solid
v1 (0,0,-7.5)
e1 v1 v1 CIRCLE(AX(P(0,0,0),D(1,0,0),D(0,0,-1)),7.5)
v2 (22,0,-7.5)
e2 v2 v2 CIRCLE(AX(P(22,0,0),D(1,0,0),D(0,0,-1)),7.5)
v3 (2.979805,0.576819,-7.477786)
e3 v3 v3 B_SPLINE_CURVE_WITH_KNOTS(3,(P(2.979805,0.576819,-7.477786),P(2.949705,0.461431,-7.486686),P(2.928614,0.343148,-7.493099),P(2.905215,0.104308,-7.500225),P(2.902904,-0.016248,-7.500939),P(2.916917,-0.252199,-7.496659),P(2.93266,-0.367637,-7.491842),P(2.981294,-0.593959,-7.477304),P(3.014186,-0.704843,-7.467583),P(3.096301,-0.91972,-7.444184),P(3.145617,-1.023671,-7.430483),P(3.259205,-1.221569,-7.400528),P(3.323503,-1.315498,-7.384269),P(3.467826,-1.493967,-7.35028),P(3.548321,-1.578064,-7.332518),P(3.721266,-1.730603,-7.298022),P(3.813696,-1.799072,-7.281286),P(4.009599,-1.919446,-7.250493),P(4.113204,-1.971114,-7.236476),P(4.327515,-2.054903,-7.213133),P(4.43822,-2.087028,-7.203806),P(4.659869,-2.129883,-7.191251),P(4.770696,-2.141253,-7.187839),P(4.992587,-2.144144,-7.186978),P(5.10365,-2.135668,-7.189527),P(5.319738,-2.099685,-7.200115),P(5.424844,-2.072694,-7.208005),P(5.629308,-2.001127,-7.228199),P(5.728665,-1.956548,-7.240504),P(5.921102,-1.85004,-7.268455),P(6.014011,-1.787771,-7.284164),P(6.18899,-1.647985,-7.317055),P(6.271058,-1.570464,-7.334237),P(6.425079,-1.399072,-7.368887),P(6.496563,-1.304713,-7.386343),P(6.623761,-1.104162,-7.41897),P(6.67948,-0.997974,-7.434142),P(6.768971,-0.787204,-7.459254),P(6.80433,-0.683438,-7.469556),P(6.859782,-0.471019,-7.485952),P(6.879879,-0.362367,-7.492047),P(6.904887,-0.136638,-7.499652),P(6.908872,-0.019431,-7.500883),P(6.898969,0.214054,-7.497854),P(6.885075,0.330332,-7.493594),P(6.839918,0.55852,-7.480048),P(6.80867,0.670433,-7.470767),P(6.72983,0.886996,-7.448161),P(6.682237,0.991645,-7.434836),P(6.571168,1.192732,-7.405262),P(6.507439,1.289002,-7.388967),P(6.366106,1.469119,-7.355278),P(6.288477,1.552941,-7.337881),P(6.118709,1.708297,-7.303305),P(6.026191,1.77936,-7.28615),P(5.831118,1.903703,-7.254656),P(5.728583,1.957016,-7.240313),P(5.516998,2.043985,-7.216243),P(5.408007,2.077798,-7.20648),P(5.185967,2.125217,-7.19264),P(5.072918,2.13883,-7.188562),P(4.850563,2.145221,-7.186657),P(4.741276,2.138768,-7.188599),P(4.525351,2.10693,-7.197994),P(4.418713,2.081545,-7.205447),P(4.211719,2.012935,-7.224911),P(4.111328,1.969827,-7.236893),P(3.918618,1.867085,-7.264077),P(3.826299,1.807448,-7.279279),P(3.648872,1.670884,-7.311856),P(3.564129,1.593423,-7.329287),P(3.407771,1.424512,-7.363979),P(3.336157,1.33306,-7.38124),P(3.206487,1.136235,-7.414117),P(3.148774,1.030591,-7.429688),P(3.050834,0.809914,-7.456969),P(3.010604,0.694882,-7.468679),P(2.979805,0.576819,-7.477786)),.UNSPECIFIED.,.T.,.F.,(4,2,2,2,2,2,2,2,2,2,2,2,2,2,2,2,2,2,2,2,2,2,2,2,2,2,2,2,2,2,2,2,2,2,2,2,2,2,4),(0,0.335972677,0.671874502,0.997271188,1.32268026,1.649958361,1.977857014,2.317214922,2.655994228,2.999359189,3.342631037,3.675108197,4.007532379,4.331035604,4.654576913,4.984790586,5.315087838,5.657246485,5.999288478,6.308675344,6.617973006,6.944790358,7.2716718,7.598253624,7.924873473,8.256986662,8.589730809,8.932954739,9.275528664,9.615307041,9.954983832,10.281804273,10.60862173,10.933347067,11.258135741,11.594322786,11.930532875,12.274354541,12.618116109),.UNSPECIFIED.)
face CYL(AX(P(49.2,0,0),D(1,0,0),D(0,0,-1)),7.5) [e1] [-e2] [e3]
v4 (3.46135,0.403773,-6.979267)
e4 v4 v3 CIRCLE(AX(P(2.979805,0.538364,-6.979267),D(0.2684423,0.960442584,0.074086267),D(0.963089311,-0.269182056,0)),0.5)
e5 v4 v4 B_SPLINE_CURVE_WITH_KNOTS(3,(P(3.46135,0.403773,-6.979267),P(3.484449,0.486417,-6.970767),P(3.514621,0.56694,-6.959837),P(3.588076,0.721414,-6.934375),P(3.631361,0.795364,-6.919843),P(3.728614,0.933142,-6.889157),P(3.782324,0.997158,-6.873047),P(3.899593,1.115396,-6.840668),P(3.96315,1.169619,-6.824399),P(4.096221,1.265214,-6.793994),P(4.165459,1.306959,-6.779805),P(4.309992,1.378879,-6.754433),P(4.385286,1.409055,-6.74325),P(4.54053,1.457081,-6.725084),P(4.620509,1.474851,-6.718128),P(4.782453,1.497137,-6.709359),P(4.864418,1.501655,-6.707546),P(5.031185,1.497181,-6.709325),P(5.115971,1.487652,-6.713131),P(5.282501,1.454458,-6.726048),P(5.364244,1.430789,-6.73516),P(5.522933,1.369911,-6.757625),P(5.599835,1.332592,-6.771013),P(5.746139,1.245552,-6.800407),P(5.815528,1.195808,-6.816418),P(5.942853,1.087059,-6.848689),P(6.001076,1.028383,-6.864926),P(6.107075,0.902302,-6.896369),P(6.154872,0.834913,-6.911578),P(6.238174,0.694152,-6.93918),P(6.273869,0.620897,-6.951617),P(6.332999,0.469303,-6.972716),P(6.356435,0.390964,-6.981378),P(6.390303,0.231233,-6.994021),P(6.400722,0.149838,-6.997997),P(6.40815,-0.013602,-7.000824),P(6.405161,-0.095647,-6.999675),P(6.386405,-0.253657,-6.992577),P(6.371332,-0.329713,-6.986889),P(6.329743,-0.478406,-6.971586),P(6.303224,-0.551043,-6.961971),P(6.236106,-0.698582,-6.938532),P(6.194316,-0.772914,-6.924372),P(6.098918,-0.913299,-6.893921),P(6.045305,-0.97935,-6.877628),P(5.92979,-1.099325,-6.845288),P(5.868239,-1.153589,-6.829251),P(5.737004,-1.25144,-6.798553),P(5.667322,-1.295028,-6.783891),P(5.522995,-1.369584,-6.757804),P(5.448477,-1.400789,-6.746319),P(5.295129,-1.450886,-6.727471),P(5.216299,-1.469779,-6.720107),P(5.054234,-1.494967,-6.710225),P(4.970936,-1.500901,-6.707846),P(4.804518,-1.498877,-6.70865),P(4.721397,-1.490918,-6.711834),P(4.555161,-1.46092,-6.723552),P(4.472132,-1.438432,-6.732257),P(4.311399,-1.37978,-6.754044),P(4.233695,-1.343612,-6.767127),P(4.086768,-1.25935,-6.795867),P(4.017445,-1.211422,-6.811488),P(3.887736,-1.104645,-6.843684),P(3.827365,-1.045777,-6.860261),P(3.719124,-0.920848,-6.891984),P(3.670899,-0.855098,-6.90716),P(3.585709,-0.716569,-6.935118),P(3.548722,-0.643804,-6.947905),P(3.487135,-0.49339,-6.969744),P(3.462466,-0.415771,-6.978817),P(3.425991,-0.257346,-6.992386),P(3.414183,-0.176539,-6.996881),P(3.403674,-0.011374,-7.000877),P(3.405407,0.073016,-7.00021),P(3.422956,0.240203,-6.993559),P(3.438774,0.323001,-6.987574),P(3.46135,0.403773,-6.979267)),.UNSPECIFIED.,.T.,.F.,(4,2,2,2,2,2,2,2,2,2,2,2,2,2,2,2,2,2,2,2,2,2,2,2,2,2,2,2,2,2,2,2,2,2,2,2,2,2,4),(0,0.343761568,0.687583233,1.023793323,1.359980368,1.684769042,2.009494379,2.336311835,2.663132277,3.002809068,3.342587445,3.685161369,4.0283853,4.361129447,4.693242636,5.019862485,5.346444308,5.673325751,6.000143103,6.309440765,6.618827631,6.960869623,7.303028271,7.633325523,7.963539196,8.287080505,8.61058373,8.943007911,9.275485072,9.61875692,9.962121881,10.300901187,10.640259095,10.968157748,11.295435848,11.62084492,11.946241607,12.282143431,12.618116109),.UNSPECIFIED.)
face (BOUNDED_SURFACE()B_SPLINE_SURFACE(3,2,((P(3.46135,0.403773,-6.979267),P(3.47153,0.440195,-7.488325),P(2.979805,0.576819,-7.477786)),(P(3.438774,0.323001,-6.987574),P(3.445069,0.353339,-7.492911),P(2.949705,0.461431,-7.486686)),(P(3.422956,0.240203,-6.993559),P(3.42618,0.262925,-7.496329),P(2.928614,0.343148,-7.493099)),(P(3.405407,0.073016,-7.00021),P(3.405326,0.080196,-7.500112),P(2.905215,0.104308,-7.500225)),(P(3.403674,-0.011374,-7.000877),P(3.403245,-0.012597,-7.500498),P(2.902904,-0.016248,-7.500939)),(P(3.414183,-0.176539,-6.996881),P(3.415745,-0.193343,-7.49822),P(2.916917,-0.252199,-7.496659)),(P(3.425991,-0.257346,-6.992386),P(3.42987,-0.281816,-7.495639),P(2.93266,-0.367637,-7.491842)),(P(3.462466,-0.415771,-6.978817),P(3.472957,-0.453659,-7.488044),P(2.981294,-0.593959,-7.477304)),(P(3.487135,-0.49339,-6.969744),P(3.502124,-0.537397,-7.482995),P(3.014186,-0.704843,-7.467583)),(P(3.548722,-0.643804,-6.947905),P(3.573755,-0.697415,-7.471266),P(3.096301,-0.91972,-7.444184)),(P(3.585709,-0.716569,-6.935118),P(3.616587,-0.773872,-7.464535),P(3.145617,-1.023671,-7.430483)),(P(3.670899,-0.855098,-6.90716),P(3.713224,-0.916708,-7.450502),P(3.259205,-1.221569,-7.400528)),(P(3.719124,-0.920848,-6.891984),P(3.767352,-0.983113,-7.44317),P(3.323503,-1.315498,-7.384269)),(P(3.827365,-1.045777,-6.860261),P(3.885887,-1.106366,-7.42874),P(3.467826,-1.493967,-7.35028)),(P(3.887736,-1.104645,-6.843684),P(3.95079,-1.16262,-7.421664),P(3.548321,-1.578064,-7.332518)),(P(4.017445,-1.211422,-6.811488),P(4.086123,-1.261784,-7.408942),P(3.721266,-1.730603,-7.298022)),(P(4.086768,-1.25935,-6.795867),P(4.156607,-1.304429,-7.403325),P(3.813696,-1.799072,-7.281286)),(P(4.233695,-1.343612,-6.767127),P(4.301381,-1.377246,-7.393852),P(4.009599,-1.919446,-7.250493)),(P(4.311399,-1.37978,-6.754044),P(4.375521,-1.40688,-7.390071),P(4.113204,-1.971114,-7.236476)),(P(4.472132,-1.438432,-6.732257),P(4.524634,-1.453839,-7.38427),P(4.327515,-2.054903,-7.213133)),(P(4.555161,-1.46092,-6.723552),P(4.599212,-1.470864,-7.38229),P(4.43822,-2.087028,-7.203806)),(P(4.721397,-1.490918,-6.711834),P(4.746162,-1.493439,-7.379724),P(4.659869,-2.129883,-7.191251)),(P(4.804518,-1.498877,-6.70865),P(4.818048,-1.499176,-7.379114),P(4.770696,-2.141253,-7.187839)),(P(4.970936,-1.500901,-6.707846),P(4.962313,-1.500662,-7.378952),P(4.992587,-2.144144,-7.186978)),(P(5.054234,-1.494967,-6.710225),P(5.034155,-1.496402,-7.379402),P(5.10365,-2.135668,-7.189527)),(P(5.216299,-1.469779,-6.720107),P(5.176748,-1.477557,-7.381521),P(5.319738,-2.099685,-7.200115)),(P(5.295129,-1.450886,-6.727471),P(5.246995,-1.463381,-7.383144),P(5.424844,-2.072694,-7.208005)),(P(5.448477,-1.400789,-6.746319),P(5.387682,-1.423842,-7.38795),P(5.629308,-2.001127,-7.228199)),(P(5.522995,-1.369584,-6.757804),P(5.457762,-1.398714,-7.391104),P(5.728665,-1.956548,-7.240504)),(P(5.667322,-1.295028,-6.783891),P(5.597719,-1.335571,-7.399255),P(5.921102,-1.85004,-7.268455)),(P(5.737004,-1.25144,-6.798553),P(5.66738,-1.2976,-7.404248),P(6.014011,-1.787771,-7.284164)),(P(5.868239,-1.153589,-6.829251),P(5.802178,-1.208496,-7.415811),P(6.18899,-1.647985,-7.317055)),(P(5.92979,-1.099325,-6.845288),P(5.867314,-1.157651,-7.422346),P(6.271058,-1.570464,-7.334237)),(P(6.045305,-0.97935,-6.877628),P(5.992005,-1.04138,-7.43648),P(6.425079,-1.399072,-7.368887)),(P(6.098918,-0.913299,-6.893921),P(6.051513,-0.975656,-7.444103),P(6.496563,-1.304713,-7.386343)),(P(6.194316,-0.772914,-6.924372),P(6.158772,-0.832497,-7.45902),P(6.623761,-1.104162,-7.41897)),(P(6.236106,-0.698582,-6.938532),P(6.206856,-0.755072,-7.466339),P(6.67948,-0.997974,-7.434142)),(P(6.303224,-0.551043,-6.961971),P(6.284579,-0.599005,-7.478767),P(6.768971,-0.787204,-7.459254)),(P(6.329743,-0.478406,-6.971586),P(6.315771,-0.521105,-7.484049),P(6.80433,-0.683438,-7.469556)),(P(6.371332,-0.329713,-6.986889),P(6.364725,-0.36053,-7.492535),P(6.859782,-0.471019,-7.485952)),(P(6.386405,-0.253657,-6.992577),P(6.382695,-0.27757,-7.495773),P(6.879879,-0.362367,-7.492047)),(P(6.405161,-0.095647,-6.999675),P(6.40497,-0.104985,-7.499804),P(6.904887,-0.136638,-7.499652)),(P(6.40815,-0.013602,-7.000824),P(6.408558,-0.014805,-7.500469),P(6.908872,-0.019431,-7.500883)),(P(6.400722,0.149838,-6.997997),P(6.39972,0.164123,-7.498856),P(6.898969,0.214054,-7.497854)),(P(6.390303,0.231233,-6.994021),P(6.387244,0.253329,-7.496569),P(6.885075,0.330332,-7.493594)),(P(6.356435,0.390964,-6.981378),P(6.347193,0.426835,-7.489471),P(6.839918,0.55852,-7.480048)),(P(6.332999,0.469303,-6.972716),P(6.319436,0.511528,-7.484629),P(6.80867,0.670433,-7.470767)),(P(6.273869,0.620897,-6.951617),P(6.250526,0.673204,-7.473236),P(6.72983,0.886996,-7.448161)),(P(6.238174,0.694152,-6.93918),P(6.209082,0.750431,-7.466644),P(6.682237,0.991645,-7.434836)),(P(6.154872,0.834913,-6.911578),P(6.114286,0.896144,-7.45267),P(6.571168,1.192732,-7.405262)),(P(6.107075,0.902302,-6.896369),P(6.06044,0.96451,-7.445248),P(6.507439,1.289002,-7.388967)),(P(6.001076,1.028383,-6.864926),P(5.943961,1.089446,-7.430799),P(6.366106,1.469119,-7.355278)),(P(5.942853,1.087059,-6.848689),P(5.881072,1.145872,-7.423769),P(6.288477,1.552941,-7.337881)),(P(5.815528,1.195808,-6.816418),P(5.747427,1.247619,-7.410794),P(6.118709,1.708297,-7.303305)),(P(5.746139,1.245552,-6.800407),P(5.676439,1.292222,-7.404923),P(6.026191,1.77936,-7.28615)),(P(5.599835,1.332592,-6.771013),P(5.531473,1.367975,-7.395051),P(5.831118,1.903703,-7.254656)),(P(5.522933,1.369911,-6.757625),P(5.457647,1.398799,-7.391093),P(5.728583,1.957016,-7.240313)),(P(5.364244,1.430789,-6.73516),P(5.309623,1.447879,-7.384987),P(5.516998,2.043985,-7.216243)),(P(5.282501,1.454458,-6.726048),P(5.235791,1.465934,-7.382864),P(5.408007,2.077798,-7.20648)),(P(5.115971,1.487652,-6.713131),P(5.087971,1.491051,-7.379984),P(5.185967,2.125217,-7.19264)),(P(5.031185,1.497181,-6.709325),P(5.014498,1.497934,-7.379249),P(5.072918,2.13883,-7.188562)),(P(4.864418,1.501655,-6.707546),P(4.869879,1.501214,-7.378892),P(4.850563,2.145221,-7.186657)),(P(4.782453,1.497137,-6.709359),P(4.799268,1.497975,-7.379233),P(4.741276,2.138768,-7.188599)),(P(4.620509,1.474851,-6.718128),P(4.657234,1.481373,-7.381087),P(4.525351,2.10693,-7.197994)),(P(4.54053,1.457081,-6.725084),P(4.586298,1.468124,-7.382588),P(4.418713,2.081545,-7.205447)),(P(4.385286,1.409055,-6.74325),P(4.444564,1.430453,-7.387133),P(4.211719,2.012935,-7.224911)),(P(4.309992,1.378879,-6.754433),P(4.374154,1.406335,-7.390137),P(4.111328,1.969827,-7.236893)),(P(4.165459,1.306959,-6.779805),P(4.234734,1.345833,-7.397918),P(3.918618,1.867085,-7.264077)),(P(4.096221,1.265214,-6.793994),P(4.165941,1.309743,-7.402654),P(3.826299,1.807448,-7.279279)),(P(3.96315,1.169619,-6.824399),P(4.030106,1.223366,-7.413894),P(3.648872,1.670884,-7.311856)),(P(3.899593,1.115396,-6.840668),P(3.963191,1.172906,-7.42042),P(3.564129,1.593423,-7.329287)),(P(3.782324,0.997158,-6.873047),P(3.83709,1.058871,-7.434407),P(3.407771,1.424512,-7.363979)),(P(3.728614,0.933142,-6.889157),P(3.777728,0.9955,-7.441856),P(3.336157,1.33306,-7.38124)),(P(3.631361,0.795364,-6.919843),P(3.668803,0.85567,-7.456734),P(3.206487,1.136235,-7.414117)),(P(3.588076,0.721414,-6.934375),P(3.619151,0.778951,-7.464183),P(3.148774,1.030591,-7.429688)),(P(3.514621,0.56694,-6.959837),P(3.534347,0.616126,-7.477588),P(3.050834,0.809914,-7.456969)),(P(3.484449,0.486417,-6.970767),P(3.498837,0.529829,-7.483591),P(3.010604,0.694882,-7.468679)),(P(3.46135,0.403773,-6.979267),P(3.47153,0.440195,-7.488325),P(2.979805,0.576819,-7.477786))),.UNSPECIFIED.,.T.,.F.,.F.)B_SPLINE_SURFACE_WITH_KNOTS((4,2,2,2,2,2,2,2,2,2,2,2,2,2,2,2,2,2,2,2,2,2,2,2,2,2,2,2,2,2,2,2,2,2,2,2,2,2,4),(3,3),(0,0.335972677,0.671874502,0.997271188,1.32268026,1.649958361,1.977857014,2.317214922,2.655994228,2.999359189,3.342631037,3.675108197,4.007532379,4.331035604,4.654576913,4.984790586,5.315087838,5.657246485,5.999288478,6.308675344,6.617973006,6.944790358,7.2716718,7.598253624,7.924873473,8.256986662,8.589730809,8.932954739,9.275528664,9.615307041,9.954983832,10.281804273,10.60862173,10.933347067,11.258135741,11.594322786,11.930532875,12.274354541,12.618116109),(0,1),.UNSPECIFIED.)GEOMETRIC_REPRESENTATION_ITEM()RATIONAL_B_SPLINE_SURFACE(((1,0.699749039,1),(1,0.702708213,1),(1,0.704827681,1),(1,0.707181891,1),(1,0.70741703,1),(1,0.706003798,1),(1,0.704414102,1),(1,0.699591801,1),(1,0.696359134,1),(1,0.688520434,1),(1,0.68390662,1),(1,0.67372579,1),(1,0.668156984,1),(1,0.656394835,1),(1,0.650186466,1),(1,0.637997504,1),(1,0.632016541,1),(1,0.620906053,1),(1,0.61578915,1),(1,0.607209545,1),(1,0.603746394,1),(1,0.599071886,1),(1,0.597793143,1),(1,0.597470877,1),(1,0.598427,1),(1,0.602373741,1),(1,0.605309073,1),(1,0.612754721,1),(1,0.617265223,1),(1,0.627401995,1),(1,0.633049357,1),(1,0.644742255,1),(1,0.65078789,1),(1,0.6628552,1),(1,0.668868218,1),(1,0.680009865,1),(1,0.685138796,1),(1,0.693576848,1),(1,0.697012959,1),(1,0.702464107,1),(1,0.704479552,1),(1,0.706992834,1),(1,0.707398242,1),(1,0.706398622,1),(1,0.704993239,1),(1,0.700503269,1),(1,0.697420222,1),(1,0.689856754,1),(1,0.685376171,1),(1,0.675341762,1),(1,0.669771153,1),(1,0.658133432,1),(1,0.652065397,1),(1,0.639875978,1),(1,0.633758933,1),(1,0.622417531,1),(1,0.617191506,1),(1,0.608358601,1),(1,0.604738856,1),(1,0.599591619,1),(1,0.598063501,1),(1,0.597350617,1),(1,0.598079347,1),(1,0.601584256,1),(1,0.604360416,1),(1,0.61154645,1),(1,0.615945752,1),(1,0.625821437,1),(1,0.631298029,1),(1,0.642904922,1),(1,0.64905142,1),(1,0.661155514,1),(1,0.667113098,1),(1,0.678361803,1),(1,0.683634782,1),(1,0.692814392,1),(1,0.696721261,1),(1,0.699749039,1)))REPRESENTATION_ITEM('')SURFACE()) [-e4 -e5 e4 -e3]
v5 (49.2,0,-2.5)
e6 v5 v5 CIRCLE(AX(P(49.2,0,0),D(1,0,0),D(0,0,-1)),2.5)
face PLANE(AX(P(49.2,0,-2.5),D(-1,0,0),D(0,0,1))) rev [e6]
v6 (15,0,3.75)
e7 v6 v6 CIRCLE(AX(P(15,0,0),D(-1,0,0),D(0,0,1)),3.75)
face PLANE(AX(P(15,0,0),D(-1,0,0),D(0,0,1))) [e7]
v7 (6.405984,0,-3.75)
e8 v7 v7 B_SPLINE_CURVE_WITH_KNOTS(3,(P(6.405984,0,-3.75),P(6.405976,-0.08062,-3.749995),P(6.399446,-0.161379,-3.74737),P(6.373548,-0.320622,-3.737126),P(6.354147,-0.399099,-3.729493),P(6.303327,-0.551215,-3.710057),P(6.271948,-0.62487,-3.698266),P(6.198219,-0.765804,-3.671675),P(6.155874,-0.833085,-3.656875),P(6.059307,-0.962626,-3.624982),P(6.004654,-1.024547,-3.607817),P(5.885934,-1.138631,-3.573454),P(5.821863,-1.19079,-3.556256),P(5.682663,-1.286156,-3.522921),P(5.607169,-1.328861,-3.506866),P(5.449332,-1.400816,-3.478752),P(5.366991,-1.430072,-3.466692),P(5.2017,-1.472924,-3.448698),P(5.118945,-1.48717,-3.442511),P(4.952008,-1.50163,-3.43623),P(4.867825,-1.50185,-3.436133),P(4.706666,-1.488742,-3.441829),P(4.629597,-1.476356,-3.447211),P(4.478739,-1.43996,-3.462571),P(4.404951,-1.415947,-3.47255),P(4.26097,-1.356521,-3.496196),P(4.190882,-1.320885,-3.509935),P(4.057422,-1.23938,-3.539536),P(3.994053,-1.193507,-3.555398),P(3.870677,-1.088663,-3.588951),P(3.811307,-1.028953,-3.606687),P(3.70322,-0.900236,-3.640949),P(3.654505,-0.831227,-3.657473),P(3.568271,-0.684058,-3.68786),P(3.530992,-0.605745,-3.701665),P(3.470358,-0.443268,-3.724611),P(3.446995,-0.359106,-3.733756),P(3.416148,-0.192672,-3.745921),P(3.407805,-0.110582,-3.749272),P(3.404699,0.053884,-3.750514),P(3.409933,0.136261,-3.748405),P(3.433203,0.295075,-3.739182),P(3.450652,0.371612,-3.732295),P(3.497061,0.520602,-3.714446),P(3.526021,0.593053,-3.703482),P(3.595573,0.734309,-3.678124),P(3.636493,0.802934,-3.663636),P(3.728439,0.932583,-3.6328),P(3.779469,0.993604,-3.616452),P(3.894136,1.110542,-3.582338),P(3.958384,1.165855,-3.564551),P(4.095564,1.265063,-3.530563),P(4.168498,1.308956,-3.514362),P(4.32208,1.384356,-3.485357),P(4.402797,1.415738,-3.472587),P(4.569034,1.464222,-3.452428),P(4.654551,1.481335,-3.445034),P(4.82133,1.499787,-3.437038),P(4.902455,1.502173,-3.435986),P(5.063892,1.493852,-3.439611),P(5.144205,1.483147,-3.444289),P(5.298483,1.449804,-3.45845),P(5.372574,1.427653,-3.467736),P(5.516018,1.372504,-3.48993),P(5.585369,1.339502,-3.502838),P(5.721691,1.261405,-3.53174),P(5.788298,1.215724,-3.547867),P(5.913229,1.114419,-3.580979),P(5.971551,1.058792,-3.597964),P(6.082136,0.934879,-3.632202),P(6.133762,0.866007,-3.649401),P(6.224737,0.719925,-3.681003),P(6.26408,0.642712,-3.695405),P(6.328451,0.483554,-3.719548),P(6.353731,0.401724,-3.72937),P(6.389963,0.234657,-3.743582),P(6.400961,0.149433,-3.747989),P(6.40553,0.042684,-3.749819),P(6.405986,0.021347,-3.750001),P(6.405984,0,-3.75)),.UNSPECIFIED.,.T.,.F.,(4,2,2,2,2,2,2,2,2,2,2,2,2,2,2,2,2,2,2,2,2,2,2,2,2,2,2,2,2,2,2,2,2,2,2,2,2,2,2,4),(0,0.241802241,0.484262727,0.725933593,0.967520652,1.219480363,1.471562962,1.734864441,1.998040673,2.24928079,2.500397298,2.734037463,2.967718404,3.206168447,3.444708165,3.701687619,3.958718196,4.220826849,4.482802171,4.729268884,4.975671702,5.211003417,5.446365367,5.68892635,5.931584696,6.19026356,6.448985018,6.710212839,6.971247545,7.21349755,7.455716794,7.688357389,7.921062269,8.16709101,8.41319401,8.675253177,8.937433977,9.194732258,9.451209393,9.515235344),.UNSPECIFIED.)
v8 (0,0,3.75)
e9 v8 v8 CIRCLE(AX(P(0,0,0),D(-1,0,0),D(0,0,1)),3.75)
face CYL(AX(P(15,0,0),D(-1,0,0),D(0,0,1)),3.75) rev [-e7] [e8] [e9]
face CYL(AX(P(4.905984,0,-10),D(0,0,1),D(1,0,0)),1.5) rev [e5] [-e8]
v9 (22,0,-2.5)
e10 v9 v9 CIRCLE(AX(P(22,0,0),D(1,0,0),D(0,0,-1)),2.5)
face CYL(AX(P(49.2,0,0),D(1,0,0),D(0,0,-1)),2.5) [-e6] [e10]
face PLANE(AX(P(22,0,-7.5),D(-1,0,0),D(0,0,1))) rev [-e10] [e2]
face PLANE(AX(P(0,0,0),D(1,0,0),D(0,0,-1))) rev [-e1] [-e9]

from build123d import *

# Parameters (mm, degrees)
SKETCH2_R          = 3.75
CUT_EXTRUDE1_DEPTH = 15
SKETCH3_R          = 1.5
CUT_EXTRUDE2_DEPTH = 10
FILLET1_R          = 0.5


with BuildPart() as part:
    # Sketch1 → Revolve1 (revolve)
    with BuildSketch(Plane(origin=(0, 0, 0), x_dir=(1, 0, 0), z_dir=(0, 1, 0))):
        Polygon((0, 0), (0, 7.5), (22, 7.5), (22, 2.5), (49.2, 2.5), (49.2, 0), align=None)
    revolve(axis=Axis((49.2, 0, 0), (-1, 0, 0)))

    # Sketch2 → Cut-Extrude1 (cut)
    with BuildSketch(Plane.ZY):
        Circle(SKETCH2_R)
    extrude(amount=-CUT_EXTRUDE1_DEPTH, mode=Mode.SUBTRACT)

    # Sketch3 → Cut-Extrude2 (cut)
    with BuildSketch(Plane.XY):
        with Locations((4.905983841, 0)):
            Circle(SKETCH3_R)
    extrude(amount=-CUT_EXTRUDE2_DEPTH, mode=Mode.SUBTRACT)

    # Fillet1
    fillet1_edges = [part.edges().sort_by_distance(p)[0] for p in [
        (4.905983841, 1.5, -7.348469228),
    ]]
    fillet(fillet1_edges, radius=FILLET1_R)


solid = part.part
